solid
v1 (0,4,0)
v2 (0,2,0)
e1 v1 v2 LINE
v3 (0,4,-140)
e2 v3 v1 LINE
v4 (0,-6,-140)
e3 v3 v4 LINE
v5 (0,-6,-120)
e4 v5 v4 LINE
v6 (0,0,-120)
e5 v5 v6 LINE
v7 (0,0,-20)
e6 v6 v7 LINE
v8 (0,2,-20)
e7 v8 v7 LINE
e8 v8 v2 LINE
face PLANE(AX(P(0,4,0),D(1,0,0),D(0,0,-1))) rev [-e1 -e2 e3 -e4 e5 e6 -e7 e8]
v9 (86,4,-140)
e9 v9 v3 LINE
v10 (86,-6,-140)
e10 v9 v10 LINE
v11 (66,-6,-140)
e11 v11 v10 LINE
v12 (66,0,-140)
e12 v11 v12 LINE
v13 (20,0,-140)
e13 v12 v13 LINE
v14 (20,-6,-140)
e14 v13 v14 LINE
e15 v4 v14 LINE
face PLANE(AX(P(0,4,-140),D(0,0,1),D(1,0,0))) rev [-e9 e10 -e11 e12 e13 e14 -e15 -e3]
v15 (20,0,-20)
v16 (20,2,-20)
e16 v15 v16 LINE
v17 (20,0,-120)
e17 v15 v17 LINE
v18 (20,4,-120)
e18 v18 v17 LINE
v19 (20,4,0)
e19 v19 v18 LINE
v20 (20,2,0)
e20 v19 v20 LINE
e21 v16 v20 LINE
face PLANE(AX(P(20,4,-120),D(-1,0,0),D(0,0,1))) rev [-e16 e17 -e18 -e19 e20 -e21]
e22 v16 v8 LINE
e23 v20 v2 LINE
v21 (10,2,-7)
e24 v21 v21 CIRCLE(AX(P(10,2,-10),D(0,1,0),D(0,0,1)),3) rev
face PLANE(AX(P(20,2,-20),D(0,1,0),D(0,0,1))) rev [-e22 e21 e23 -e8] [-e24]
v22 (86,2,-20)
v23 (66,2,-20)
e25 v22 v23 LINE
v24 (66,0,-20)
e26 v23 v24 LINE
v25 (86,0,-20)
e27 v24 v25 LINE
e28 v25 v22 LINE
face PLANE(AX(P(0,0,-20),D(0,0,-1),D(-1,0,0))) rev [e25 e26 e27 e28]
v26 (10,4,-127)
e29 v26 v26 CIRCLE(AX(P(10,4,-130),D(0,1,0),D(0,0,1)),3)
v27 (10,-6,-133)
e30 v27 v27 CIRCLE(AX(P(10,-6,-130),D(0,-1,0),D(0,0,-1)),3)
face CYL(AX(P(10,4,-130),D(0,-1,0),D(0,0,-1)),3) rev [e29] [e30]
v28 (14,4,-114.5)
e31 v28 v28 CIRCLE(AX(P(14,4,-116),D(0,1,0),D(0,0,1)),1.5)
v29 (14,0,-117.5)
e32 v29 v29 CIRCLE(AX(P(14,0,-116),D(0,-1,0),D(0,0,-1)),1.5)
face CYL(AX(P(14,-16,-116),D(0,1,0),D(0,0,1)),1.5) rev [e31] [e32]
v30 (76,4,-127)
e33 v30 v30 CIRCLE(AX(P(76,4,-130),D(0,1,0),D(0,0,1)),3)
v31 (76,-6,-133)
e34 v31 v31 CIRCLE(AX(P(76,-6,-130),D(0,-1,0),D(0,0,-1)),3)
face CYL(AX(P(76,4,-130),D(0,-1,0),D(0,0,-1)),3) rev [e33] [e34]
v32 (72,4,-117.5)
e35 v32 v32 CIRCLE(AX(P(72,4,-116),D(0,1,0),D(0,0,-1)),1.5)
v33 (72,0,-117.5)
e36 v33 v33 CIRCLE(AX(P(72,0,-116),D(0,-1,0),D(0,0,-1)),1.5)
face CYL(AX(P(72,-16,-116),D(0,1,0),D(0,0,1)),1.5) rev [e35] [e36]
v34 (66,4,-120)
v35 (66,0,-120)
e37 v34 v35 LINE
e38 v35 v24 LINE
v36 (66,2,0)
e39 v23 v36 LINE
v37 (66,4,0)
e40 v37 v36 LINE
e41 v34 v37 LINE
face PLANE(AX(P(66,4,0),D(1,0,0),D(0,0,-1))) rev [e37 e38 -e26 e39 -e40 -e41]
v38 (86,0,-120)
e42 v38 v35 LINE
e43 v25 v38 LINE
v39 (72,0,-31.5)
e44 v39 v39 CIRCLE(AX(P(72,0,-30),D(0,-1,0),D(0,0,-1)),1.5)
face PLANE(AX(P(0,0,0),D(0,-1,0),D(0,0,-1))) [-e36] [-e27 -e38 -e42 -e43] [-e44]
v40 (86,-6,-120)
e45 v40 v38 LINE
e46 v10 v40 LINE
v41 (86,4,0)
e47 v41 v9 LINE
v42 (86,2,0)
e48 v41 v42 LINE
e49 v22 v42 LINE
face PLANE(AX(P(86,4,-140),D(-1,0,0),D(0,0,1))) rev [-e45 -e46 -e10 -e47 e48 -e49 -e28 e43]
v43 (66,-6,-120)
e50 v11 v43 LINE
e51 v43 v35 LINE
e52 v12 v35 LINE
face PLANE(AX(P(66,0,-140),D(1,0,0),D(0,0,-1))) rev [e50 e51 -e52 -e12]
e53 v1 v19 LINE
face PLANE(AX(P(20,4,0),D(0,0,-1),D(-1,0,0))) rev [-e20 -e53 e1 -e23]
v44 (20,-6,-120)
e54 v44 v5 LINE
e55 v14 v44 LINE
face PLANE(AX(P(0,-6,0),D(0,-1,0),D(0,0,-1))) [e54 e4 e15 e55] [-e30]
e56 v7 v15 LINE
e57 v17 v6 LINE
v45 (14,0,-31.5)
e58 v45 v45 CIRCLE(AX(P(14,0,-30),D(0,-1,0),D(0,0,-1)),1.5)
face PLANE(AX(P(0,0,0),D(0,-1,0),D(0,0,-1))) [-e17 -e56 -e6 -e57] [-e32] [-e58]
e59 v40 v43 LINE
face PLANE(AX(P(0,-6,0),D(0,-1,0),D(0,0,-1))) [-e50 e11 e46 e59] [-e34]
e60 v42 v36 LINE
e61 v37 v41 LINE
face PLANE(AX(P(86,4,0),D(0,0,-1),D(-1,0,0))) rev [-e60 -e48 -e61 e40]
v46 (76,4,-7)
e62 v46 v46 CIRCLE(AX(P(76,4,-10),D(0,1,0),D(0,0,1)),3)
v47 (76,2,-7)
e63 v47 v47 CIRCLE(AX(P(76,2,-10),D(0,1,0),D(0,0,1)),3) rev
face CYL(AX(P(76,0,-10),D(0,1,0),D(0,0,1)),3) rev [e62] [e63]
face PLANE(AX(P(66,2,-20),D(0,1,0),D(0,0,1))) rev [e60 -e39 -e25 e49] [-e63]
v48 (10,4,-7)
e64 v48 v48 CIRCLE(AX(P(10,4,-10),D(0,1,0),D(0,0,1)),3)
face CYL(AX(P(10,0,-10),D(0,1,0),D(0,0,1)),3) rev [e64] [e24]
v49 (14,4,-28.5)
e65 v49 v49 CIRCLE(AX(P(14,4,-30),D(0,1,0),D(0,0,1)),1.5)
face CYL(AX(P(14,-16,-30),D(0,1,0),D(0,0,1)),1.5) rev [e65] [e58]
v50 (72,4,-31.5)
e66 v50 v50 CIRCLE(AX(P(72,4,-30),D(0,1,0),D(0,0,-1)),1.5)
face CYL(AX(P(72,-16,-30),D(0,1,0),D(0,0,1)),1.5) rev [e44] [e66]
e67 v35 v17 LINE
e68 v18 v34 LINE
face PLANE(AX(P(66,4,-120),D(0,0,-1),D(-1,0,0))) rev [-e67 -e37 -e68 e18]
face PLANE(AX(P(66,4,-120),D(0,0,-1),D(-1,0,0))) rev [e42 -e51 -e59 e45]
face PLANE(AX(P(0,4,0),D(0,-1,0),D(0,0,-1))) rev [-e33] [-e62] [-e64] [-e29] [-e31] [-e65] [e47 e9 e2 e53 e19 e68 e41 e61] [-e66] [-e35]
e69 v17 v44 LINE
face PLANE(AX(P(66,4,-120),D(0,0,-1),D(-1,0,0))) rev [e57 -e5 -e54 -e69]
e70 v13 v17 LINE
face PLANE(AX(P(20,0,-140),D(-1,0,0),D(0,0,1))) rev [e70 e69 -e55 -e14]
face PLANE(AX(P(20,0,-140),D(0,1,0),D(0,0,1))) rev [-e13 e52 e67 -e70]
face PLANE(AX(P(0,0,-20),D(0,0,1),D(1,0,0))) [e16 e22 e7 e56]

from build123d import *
from build123d.topology import SkipClean

# Parameters (mm, degrees)
SKETCH1_R           = 3
BOSS_EXTRUDE1_DEPTH = 4
SKETCH2_R           = 3
CUT_EXTRUDE1_DEPTH  = 4
BOSS_EXTRUDE2_START = 6
SKETCH3_R           = 3
BOSS_EXTRUDE2_DEPTH = 6
SKETCH5_W           = 20
SKETCH5_H           = 2
CUT_EXTRUDE2_DEPTH  = 20
SKETCH6_R           = 1.5
CUT_EXTRUDE3_DEPTH  = 20
SKETCH7_W           = 46
SKETCH7_H           = 6
CUT_EXTRUDE4_DEPTH  = 20


with BuildPart() as part:
    # Sketch1 → Boss-Extrude1 (new body)
    with BuildSketch(Plane(origin=(0, 0, 0), x_dir=(1, 0, 0), z_dir=(0, 1, 0))):
        Polygon((0, 0), (0, 140), (86, 140), (86, 0), (66, 0), (66, 120), (20, 120), (20, 0), align=None)
        with Locations(Location((10, 130, 0), (0, 0, 270))):
            Circle(SKETCH1_R, mode=Mode.SUBTRACT)
        with Locations(Location((76, 130, 0), (0, 0, 270))):
            Circle(SKETCH1_R, mode=Mode.SUBTRACT)
    extrude(amount=BOSS_EXTRUDE1_DEPTH)

    # Sketch2 → Cut-Extrude1 (cut)
    with BuildSketch(Plane(origin=(0, 4, 0), x_dir=(1, 0, 0), z_dir=(0, 1, 0))):
        with Locations(Location((10, 10, 0), (0, 0, 270))):
            Circle(SKETCH2_R)
        with Locations(Location((76, 10, 0), (0, 0, 270))):
            Circle(SKETCH2_R)
    extrude(amount=-CUT_EXTRUDE1_DEPTH, mode=Mode.SUBTRACT)

    # Sketch3 → Boss-Extrude2 (add)
    with SkipClean():  # the faces are left unmerged after this step: merging them gives an invalid solid
        with BuildSketch(Plane.XZ.offset(BOSS_EXTRUDE2_START)):
            Polygon((0, -140), (86, -140), (86, -120), (66, -120), (20, -120), (0, -120), align=None)
            with Locations(Location((10, -130, 0), (0, 0, 270))):
                Circle(SKETCH3_R, mode=Mode.SUBTRACT)
            with Locations(Location((76, -130, 0), (0, 0, 270))):
                Circle(SKETCH3_R, mode=Mode.SUBTRACT)
        extrude(amount=-BOSS_EXTRUDE2_DEPTH)

    # Sketch5 → Cut-Extrude2 (cut)
    with SkipClean():  # the faces are left unmerged after this step: merging them gives an invalid solid
        with BuildSketch(Plane.XY):
            with Locations((10, 1)):
                Rectangle(SKETCH5_W, SKETCH5_H)
            with Locations((76, 1)):
                Rectangle(SKETCH5_W, SKETCH5_H)
        extrude(amount=-CUT_EXTRUDE2_DEPTH, mode=Mode.SUBTRACT)

    # Sketch6 → Cut-Extrude3 (cut)
    with SkipClean():  # the faces are left unmerged after this step: merging them gives an invalid solid
        with BuildSketch(Plane(origin=(0, 4, 0), x_dir=(1, 0, 0), z_dir=(0, 1, 0))):
            with Locations(Location((14, 30, 0), (0, 0, 270))):
                Circle(SKETCH6_R)
            with Locations(Location((14, 116, 0), (0, 0, 270))):
                Circle(SKETCH6_R)
            with Locations(Location((72, 116, 0), (0, 0, 90))):
                Circle(SKETCH6_R)
            with Locations(Location((72, 30, 0), (0, 0, 90))):
                Circle(SKETCH6_R)
        extrude(amount=-CUT_EXTRUDE3_DEPTH, mode=Mode.SUBTRACT)

    # Sketch7 → Cut-Extrude4 (cut)
    with SkipClean():  # the faces are left unmerged after this step: merging them gives an invalid solid
        with BuildSketch(Plane.XY.offset(-120)):
            with Locations((43, -3)):
                Rectangle(SKETCH7_W, SKETCH7_H)
        extrude(amount=-CUT_EXTRUDE4_DEPTH, mode=Mode.SUBTRACT)


solid = part.part
